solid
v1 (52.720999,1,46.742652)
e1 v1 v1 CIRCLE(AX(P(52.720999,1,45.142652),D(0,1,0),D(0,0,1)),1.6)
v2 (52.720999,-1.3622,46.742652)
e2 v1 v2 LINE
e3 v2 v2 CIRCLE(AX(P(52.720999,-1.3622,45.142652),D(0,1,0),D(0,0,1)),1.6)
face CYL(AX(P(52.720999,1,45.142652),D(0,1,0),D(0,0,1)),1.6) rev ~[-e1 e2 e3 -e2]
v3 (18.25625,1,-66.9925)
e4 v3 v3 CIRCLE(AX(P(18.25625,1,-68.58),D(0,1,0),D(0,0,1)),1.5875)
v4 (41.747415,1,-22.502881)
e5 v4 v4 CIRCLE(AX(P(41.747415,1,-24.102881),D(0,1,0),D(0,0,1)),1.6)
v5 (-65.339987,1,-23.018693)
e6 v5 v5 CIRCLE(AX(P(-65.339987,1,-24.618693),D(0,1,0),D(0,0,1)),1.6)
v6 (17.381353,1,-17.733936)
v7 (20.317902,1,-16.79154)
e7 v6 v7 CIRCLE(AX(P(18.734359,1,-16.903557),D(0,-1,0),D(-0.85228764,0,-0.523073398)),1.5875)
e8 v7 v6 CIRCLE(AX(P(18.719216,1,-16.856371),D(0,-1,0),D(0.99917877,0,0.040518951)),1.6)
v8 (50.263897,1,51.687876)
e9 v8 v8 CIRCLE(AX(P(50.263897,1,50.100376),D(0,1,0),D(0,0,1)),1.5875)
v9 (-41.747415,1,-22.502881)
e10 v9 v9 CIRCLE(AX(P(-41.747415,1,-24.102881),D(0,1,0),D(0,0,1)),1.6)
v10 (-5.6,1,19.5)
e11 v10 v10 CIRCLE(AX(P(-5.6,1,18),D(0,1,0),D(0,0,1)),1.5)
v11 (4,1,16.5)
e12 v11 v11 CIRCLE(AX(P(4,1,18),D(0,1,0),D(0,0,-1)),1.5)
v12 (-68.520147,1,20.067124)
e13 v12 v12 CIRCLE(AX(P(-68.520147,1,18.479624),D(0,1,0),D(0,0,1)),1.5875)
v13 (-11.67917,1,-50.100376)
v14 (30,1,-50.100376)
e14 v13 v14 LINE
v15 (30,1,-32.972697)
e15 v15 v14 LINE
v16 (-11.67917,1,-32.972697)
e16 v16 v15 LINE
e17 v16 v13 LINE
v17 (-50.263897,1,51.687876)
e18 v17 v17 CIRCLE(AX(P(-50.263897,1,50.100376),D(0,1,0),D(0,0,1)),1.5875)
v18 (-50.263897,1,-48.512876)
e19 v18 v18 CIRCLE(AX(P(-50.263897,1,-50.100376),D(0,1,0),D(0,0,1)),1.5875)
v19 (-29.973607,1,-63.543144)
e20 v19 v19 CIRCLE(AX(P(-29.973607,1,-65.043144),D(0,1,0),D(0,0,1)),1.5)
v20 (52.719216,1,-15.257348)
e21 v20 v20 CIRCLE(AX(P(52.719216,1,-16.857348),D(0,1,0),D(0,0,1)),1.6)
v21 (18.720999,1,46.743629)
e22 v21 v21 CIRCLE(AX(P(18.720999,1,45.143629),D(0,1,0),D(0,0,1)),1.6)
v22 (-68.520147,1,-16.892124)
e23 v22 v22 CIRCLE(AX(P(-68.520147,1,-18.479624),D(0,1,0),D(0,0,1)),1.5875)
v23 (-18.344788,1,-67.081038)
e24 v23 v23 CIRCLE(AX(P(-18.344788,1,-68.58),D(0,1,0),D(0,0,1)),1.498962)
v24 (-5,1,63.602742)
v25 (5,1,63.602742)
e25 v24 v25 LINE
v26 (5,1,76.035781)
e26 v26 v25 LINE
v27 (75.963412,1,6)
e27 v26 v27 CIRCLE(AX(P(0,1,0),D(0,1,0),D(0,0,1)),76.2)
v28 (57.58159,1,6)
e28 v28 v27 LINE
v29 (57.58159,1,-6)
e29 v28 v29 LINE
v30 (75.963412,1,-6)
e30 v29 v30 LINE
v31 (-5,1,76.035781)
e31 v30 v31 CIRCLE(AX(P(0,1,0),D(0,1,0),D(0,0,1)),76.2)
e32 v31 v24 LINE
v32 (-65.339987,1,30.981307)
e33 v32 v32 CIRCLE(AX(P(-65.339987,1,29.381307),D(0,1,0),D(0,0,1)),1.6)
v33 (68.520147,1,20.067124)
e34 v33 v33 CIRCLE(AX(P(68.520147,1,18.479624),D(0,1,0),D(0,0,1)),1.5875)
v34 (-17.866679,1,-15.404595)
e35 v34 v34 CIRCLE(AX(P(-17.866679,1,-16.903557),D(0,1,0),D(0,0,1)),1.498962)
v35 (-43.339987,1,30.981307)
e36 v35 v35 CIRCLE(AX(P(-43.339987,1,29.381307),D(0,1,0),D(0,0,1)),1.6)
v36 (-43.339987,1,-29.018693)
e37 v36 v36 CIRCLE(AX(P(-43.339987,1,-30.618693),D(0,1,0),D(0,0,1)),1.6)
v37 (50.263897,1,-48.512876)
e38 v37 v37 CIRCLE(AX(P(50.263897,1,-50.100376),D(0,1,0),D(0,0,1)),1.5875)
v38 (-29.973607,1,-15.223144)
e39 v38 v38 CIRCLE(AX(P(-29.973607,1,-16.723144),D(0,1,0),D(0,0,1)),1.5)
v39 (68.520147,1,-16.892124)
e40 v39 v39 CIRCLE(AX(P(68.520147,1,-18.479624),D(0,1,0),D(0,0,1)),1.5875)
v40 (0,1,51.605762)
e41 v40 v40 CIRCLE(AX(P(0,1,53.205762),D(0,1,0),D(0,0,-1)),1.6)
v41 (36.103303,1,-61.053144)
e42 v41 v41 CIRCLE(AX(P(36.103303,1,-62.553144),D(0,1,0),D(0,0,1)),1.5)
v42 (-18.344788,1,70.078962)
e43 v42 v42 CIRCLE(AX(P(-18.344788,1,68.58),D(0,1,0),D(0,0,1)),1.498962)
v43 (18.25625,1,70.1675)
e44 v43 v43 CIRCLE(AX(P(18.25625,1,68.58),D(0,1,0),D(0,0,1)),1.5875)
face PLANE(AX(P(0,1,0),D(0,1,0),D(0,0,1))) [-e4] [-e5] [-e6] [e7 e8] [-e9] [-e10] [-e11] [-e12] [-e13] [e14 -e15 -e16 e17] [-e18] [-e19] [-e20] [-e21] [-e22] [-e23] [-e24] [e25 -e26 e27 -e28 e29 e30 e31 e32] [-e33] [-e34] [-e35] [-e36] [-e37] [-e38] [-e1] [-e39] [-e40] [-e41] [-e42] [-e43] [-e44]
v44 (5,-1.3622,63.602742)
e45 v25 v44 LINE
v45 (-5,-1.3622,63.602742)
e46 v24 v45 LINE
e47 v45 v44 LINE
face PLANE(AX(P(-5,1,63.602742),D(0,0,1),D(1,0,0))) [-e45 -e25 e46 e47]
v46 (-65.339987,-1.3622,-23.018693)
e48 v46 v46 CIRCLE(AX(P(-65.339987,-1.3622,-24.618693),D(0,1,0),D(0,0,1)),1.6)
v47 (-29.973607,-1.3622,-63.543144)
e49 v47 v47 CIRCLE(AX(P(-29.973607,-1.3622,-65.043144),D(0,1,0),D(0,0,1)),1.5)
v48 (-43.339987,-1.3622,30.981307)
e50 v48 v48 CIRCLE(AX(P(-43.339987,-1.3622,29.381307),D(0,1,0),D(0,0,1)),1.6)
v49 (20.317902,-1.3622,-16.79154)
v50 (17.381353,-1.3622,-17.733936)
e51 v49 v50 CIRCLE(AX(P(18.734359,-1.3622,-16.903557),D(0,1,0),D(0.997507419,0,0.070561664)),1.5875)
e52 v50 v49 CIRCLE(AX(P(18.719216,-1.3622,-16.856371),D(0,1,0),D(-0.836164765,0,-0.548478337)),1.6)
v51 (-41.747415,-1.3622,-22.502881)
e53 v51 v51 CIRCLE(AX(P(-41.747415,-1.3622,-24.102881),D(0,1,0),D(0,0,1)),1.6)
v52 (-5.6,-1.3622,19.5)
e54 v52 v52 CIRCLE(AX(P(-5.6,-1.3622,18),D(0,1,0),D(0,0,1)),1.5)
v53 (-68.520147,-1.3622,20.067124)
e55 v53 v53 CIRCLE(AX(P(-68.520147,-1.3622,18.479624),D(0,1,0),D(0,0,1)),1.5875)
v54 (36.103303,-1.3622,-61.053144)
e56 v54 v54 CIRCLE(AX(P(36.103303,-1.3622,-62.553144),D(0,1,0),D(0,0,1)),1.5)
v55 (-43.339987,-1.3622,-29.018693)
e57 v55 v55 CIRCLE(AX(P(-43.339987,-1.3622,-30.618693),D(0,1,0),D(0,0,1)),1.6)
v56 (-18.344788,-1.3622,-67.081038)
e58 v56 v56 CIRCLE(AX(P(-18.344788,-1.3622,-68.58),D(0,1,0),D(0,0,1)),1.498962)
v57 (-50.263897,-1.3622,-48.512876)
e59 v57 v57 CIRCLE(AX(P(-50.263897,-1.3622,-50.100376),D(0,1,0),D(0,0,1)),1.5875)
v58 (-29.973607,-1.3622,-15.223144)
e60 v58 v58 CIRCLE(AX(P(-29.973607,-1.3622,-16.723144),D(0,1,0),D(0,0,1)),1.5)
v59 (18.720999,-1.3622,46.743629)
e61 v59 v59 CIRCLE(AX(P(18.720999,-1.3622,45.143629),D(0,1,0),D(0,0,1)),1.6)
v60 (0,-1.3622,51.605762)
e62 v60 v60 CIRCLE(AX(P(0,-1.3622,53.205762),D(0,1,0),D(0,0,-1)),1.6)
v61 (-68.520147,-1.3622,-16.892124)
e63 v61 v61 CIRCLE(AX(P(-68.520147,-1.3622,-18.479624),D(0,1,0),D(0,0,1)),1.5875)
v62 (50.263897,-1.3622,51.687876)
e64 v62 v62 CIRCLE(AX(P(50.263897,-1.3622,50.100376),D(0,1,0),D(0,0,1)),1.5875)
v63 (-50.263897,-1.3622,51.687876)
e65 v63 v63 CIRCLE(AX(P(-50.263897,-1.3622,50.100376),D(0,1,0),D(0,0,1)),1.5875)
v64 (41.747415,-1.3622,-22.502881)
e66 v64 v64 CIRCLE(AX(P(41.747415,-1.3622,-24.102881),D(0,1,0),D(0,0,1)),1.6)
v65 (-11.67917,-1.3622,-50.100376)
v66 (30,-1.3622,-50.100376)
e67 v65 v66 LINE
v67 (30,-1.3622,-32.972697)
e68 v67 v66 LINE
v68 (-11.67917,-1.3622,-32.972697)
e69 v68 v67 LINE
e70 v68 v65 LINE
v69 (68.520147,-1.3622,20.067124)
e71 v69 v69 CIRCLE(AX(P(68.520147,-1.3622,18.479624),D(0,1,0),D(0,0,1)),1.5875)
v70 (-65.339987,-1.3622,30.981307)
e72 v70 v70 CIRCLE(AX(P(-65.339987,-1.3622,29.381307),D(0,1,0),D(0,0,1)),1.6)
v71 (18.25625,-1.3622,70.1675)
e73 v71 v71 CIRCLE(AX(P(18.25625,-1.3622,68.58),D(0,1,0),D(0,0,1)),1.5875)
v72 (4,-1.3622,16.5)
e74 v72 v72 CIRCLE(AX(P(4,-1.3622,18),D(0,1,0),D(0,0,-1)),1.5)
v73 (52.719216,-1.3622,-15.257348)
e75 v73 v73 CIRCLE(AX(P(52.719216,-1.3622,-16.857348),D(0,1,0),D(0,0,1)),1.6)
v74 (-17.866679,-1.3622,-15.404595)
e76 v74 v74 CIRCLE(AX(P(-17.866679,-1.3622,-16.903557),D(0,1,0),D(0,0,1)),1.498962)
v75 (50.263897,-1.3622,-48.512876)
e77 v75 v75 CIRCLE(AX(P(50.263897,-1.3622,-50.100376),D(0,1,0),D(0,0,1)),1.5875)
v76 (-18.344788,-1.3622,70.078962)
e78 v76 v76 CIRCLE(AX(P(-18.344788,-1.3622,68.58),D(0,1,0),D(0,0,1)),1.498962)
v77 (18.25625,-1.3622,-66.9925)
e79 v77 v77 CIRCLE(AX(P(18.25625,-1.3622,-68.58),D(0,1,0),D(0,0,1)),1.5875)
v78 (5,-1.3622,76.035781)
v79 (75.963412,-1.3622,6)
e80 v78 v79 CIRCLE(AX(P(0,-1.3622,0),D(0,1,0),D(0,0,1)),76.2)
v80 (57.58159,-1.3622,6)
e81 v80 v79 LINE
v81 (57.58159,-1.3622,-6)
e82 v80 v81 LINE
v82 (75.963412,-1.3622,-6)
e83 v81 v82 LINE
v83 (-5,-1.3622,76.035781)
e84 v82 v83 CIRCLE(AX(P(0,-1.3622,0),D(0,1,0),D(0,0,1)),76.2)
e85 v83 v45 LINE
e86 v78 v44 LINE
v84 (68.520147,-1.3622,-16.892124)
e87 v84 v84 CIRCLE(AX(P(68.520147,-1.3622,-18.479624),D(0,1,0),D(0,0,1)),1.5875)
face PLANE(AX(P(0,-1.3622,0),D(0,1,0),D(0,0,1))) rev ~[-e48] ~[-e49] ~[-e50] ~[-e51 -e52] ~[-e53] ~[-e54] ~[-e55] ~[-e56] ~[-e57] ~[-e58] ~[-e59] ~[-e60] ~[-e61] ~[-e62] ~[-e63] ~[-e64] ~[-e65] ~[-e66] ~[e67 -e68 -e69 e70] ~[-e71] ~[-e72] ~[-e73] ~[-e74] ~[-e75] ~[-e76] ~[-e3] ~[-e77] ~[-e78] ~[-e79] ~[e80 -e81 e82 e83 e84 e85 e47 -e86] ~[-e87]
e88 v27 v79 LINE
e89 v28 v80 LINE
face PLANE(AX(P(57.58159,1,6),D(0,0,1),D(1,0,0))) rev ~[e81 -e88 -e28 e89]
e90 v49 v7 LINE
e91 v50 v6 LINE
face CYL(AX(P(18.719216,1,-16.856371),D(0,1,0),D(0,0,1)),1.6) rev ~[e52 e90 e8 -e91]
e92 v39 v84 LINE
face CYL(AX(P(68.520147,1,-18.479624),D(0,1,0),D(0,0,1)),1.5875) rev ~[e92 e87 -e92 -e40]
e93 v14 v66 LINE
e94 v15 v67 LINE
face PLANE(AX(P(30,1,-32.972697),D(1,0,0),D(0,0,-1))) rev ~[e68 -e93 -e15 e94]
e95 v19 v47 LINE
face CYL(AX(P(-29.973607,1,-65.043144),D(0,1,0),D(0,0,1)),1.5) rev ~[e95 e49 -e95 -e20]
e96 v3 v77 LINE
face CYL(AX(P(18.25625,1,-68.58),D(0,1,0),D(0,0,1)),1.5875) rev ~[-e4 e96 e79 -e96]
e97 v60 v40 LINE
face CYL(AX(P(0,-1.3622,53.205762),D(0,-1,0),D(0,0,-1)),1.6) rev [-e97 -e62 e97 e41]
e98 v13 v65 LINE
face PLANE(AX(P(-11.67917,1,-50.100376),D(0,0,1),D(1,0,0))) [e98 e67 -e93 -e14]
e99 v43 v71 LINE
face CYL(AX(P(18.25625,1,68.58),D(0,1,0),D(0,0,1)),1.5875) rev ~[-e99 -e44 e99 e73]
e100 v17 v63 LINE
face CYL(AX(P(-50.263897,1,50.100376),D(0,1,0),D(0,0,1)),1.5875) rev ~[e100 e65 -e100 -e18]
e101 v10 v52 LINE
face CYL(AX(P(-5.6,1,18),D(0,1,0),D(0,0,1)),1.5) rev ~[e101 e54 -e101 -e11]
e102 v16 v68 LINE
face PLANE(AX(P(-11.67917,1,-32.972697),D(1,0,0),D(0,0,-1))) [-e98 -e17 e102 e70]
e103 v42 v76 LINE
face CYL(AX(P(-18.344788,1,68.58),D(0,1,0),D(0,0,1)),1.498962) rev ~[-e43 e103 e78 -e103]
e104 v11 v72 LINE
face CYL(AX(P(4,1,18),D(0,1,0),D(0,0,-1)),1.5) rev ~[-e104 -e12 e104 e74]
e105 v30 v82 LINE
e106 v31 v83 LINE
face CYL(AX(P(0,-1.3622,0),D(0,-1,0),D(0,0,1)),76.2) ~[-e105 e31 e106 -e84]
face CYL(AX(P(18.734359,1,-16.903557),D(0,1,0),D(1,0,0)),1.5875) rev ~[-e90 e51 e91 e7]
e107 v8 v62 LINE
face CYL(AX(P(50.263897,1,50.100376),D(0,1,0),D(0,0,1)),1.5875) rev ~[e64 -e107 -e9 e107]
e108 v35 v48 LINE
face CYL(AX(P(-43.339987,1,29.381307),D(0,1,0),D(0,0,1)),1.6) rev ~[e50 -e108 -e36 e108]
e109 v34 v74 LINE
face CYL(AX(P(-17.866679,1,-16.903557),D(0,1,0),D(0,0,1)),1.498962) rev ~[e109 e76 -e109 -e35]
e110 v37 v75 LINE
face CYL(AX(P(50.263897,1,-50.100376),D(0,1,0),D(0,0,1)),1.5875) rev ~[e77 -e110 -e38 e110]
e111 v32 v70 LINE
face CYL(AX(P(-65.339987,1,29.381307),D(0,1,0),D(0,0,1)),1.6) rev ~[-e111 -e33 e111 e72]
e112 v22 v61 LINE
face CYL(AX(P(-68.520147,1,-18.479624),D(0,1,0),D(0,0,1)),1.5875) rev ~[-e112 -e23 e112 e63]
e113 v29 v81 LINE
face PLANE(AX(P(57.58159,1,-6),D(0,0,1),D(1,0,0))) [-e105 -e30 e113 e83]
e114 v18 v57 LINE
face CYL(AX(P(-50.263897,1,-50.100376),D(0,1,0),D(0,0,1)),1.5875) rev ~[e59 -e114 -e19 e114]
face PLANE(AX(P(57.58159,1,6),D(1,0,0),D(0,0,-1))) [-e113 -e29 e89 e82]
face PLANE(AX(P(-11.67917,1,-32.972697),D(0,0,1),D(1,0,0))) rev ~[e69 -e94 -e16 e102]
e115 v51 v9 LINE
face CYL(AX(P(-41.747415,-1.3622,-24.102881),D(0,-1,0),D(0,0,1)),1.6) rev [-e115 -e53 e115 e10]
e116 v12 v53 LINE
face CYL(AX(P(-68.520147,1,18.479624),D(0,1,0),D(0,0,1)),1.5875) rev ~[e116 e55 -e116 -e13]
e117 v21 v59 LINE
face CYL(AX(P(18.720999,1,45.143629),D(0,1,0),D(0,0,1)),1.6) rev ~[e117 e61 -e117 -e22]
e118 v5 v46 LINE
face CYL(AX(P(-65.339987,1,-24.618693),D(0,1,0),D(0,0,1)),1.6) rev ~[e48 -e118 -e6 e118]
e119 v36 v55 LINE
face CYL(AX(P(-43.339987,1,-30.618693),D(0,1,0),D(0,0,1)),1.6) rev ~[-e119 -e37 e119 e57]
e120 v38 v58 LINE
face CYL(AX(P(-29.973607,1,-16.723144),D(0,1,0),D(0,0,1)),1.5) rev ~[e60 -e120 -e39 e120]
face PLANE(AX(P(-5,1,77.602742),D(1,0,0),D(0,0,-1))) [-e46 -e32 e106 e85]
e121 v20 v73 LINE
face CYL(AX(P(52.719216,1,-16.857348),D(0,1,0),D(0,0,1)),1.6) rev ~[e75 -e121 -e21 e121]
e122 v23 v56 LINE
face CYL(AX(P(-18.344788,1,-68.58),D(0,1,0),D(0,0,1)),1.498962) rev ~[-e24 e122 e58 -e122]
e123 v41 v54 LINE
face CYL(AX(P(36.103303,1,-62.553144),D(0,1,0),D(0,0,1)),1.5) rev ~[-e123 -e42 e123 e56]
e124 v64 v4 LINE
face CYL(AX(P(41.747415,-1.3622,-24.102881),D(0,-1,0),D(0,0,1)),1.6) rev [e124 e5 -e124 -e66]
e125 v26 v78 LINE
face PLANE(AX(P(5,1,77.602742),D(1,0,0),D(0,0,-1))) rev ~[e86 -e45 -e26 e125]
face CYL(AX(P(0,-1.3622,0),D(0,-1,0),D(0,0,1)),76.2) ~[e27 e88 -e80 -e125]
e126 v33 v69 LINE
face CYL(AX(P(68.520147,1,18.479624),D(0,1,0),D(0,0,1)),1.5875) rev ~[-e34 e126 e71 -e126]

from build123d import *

# Parameters (mm, degrees)
BOSS_EXTRUDE1_DEPTH      = 1
BOSS_EXTRUDE1_DEPTH_BACK = 1.3622
SKETCH1_R                = 76.2
SKETCH1_R_2              = 1.6
SKETCH10_R               = 1.5
CUT_EXTRUDE4_DEPTH       = 108.788960422
SKETCH12_R               = 1.6
CUT_EXTRUDE6_DEPTH       = 108.788960422
SKETCH13_R               = 1.6
CUT_EXTRUDE7_DEPTH       = 10
SKETCH11_R               = 1.5
CUT_EXTRUDE5_DEPTH       = 10
SKETCH14_R               = 1.5875
SKETCH14_R_2             = 1.498962038
SKETCH14_W               = 10
SKETCH14_H               = 14
SKETCH14_W_2             = 41.679169521
SKETCH14_H_2             = 17.127679406
SKETCH14_W_3             = 21.415992251
SKETCH14_H_3             = 12
CUT_EXTRUDE8_DEPTH       = 10


with BuildPart() as part:
    # Sketch1 → Boss-Extrude1 (new, two sides: drawn at the far end of the back side and taken through both)
    with BuildSketch(Plane(origin=(0, 0, 0), x_dir=(1, 0, 0), z_dir=(0, 1, 0)).offset(-BOSS_EXTRUDE1_DEPTH_BACK)):
        with Locations(Location((0, 0, 0), (0, 0, 270))):
            Circle(SKETCH1_R)
        with Locations(Location((-41.747414599, 24.102881057, 0), (0, 0, 270))):
            Circle(SKETCH1_R_2, mode=Mode.SUBTRACT)
        with Locations(Location((41.747414599, 24.102881057, 0), (0, 0, 270))):
            Circle(SKETCH1_R_2, mode=Mode.SUBTRACT)
        with Locations(Location((0, -53.205762114, 0), (0, 0, 90))):
            Circle(SKETCH1_R_2, mode=Mode.SUBTRACT)
    extrude(amount=BOSS_EXTRUDE1_DEPTH + BOSS_EXTRUDE1_DEPTH_BACK)

    # Sketch10 → Cut-Extrude4 (cut, through all)
    with BuildSketch(Plane(origin=(0, 1, 0), x_dir=(1, 0, 0), z_dir=(0, 1, 0))):
        with Locations(Location((-5.6, -18, 0), (0, 0, 270))):
            Circle(SKETCH10_R)
        with Locations(Location((4, -18, 0), (0, 0, 90))):
            Circle(SKETCH10_R)
    extrude(amount=-CUT_EXTRUDE4_DEPTH, mode=Mode.SUBTRACT)

    # Sketch12 → Cut-Extrude6 (cut, through all)
    with BuildSketch(Plane(origin=(0, 1, 0), x_dir=(1, 0, 0), z_dir=(0, 1, 0))):
        with Locations(Location((-65.339987017, 24.618692946, 0), (0, 0, 270))):
            Circle(SKETCH12_R)
        with Locations(Location((-43.339987017, 30.618692946, 0), (0, 0, 270))):
            Circle(SKETCH12_R)
        with Locations(Location((-65.339987017, -29.381307054, 0), (0, 0, 270))):
            Circle(SKETCH12_R)
        with Locations(Location((-43.339987017, -29.381307054, 0), (0, 0, 270))):
            Circle(SKETCH12_R)
    extrude(amount=-CUT_EXTRUDE6_DEPTH, mode=Mode.SUBTRACT)

    # Sketch13 → Cut-Extrude7 (cut)
    with BuildSketch(Plane(origin=(0, 1, 0), x_dir=(1, 0, 0), z_dir=(0, 1, 0))):
        with Locations(Location((18.720998736, -45.143629297, 0), (0, 0, 270))):
            Circle(SKETCH13_R)
        with Locations(Location((52.719216113, 16.857348236, 0), (0, 0, 270))):
            Circle(SKETCH13_R)
        with Locations(Location((52.720998722, -45.142651738, 0), (0, 0, 270))):
            Circle(SKETCH13_R)
        with Locations(Location((18.719216128, 16.856370677, 0), (0, 0, 270))):
            Circle(SKETCH13_R)
    extrude(amount=-CUT_EXTRUDE7_DEPTH, mode=Mode.SUBTRACT)

    # Sketch11 → Cut-Extrude5 (cut)
    with BuildSketch(Plane(origin=(0, 1, 0), x_dir=(1, 0, 0), z_dir=(0, 1, 0))):
        with Locations(Location((36.103302507, 62.553143535, 0), (0, 0, 270))):
            Circle(SKETCH11_R)
        with Locations(Location((-29.973606883, 65.04314353, 0), (0, 0, 270))):
            Circle(SKETCH11_R)
        with Locations(Location((-29.973606883, 16.72314354, 0), (0, 0, 270))):
            Circle(SKETCH11_R)
    extrude(amount=-CUT_EXTRUDE5_DEPTH, mode=Mode.SUBTRACT)

    # Sketch14 → Cut-Extrude8 (cut)
    with BuildSketch(Plane(origin=(0, 1, 0), x_dir=(1, 0, 0), z_dir=(0, 1, 0))):
        with Locations(Location((-50.263897192, 50.100376278, 0), (0, 0, 270))):
            Circle(SKETCH14_R)
        with Locations(Location((-68.520147192, 18.479623722, 0), (0, 0, 270))):
            Circle(SKETCH14_R)
        with Locations(Location((18.25625, -68.58, 0), (0, 0, 270))):
            Circle(SKETCH14_R)
        with Locations(Location((-18.344787962, -68.58, 0), (0, 0, 270))):
            Circle(SKETCH14_R_2)
        with Locations(Location((50.263897192, 50.100376278, 0), (0, 0, 270))):
            Circle(SKETCH14_R)
        with Locations(Location((68.520147192, 18.479623722, 0), (0, 0, 270))):
            Circle(SKETCH14_R)
        with Locations(Location((-17.86667883, 16.903556997, 0), (0, 0, 270))):
            Circle(SKETCH14_R_2)
        with Locations((18.734359132, 16.903556997)):
            Circle(SKETCH14_R)
        with Locations(Location((-18.344787962, 68.58, 0), (0, 0, 270))):
            Circle(SKETCH14_R_2)
        with Locations(Location((18.25625, 68.58, 0), (0, 0, 270))):
            Circle(SKETCH14_R)
        with Locations(Location((-50.263897192, -50.100376278, 0), (0, 0, 270))):
            Circle(SKETCH14_R)
        with Locations(Location((-68.520147192, -18.479623722, 0), (0, 0, 270))):
            Circle(SKETCH14_R)
        with Locations(Location((50.263897192, -50.100376278, 0), (0, 0, 270))):
            Circle(SKETCH14_R)
        with Locations(Location((68.520147192, -18.479623722, 0), (0, 0, 270))):
            Circle(SKETCH14_R)
        with Locations((0, -70.602742007)):
            Rectangle(SKETCH14_W, SKETCH14_H)
        with Locations((9.16041524, 41.536536575)):
            Rectangle(SKETCH14_W_2, SKETCH14_H_2)
        with Locations((68.289586454, 0)):
            Rectangle(SKETCH14_W_3, SKETCH14_H_3)
    extrude(amount=-CUT_EXTRUDE8_DEPTH, mode=Mode.SUBTRACT)


solid = part.part
